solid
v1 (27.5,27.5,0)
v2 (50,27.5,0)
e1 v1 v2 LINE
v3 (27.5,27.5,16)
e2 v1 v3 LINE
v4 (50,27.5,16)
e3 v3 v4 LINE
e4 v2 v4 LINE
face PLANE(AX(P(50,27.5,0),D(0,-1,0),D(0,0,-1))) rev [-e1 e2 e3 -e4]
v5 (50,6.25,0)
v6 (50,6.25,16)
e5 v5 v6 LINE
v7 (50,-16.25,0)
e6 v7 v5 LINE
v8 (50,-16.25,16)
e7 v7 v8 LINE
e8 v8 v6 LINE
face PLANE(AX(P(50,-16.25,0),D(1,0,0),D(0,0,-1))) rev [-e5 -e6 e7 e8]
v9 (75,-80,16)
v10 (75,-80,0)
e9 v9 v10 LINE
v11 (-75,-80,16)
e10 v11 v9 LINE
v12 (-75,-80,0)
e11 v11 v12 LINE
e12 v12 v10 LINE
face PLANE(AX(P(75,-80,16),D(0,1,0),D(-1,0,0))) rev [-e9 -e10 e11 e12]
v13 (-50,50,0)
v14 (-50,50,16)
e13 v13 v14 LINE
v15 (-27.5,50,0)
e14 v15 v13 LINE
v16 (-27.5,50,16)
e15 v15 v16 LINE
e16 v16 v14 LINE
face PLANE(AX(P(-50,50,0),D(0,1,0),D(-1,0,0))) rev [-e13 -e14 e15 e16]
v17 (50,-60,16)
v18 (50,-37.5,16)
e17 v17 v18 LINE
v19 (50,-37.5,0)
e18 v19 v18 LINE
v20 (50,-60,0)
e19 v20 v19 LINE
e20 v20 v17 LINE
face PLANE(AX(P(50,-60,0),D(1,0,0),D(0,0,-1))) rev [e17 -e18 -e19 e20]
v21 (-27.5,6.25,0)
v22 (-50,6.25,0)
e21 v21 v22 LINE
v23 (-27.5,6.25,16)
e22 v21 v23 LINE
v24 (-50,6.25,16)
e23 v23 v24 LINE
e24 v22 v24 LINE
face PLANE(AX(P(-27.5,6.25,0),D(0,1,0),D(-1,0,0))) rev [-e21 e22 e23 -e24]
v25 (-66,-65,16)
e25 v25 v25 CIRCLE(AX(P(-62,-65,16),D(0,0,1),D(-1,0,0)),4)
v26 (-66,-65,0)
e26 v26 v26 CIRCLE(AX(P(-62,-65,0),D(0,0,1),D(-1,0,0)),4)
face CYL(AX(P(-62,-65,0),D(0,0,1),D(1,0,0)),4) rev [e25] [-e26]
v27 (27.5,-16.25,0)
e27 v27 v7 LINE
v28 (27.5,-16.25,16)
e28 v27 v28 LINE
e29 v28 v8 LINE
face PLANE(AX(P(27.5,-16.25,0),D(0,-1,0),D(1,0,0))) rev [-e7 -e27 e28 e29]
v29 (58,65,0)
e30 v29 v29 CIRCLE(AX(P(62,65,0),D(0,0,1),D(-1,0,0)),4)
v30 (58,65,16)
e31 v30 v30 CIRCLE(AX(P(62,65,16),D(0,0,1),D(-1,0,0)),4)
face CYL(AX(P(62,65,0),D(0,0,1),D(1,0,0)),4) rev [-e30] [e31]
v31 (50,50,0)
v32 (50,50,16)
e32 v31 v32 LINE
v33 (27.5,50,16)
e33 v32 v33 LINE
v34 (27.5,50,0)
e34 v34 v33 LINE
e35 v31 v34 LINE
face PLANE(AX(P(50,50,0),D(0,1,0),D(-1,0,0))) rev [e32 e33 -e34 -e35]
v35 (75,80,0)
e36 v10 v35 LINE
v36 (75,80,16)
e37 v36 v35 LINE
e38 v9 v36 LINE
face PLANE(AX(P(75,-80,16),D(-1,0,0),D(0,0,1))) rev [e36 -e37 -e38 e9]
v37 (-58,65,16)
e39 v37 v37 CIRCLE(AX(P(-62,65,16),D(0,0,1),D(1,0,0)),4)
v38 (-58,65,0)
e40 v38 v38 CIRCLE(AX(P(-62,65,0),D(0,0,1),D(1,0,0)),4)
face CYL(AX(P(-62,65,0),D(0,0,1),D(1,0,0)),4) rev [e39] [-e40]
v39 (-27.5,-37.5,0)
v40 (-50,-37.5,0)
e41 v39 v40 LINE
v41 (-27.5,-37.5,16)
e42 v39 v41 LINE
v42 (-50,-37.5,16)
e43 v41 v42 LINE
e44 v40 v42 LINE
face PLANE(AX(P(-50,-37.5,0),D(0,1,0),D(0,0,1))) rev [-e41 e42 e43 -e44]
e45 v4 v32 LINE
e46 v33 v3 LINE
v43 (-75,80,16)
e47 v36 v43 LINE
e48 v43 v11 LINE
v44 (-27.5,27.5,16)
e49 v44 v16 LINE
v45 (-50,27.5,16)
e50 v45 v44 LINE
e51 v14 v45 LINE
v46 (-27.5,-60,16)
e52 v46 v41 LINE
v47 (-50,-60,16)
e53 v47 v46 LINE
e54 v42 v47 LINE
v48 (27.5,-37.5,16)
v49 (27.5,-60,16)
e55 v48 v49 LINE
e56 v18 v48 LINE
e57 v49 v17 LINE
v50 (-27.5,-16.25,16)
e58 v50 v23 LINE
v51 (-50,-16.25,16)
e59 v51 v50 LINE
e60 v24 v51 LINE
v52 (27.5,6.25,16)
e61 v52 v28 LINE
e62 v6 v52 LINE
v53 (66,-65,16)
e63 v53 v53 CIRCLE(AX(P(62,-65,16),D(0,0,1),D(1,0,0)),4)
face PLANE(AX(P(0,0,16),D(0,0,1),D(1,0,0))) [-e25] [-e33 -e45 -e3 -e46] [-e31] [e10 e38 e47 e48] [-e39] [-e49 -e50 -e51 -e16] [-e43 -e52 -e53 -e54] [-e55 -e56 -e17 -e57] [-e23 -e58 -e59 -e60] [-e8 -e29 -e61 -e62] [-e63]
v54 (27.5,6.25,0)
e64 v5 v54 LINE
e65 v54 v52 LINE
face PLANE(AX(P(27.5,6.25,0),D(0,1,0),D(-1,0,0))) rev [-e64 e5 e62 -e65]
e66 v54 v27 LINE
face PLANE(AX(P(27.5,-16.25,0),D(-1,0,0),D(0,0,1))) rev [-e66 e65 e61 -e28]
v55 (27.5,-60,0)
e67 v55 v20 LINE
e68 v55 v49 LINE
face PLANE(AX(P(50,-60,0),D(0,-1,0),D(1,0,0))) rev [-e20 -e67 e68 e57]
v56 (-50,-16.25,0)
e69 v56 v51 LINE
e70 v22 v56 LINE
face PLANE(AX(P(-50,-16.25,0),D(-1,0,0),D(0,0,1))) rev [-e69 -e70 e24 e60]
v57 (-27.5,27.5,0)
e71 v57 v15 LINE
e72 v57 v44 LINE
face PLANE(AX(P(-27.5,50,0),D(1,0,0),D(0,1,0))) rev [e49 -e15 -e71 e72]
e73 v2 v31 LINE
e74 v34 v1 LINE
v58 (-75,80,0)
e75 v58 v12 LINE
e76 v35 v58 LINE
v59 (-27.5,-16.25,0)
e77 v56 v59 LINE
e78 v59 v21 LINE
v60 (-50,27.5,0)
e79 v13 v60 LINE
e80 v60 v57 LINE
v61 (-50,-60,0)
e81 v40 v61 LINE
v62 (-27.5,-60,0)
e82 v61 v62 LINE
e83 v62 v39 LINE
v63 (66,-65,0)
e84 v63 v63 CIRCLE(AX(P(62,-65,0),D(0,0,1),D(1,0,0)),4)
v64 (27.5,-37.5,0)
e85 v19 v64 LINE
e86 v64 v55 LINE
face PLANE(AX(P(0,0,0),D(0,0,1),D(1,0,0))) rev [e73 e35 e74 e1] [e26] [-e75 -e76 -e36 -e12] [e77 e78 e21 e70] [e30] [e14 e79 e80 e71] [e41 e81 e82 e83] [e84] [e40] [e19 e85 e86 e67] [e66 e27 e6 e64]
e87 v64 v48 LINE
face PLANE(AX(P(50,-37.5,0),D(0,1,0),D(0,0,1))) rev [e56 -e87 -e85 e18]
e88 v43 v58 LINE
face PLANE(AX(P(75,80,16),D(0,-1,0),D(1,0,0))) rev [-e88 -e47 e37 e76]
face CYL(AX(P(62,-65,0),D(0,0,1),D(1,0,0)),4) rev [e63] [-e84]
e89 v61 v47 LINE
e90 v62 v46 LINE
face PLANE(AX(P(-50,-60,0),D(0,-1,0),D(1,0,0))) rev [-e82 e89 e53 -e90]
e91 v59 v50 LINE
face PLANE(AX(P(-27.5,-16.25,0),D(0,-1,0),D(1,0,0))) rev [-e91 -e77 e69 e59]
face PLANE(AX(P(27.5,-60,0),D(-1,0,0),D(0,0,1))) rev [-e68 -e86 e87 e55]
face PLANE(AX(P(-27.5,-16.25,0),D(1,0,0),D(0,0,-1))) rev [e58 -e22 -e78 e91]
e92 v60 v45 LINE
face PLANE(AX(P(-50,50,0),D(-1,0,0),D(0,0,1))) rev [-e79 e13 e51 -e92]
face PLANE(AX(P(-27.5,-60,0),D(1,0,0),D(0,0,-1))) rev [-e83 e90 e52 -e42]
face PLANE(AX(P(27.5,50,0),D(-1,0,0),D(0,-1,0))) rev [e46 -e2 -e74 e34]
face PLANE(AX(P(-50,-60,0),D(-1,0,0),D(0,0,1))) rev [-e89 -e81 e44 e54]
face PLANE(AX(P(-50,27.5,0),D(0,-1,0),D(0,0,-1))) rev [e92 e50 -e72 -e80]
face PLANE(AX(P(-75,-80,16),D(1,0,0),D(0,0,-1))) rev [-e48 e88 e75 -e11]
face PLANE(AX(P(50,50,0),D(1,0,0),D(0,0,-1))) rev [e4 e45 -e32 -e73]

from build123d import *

# Parameters (mm, degrees)
SKETCH1_W           = 150
SKETCH1_H           = 160
BOSS_EXTRUDE1_DEPTH = 16
SKETCH4_R           = 4
SKETCH4_W           = 22.5
SKETCH4_H           = 22.5
CUT_EXTRUDE1_DEPTH  = 17


with BuildPart() as part:
    # Sketch1 → Boss-Extrude1 (new body)
    with BuildSketch(Plane.XY):
        Rectangle(SKETCH1_W, SKETCH1_H)
    extrude(amount=BOSS_EXTRUDE1_DEPTH)

    # Sketch4 → Cut-Extrude1 (cut, through all)
    with BuildSketch(Plane.XY.offset(16)):
        with Locations((-62, 65)):
            Circle(SKETCH4_R)
        with Locations((62, 65)):
            Circle(SKETCH4_R)
        with Locations((62, -65)):
            Circle(SKETCH4_R)
        with Locations((-62, -65)):
            Circle(SKETCH4_R)
        with Locations((-38.75, 38.75)):
            Rectangle(SKETCH4_W, SKETCH4_H)
        with Locations((38.75, 38.75)):
            Rectangle(SKETCH4_W, SKETCH4_H)
        with Locations((-38.75, -48.75)):
            Rectangle(SKETCH4_W, SKETCH4_H)
        with Locations((38.75, -48.75)):
            Rectangle(SKETCH4_W, SKETCH4_H)
        with Locations((-38.75, -5)):
            Rectangle(SKETCH4_W, SKETCH4_H)
        with Locations((38.75, -5)):
            Rectangle(SKETCH4_W, SKETCH4_H)
    extrude(amount=-CUT_EXTRUDE1_DEPTH, mode=Mode.SUBTRACT)


solid = part.part
